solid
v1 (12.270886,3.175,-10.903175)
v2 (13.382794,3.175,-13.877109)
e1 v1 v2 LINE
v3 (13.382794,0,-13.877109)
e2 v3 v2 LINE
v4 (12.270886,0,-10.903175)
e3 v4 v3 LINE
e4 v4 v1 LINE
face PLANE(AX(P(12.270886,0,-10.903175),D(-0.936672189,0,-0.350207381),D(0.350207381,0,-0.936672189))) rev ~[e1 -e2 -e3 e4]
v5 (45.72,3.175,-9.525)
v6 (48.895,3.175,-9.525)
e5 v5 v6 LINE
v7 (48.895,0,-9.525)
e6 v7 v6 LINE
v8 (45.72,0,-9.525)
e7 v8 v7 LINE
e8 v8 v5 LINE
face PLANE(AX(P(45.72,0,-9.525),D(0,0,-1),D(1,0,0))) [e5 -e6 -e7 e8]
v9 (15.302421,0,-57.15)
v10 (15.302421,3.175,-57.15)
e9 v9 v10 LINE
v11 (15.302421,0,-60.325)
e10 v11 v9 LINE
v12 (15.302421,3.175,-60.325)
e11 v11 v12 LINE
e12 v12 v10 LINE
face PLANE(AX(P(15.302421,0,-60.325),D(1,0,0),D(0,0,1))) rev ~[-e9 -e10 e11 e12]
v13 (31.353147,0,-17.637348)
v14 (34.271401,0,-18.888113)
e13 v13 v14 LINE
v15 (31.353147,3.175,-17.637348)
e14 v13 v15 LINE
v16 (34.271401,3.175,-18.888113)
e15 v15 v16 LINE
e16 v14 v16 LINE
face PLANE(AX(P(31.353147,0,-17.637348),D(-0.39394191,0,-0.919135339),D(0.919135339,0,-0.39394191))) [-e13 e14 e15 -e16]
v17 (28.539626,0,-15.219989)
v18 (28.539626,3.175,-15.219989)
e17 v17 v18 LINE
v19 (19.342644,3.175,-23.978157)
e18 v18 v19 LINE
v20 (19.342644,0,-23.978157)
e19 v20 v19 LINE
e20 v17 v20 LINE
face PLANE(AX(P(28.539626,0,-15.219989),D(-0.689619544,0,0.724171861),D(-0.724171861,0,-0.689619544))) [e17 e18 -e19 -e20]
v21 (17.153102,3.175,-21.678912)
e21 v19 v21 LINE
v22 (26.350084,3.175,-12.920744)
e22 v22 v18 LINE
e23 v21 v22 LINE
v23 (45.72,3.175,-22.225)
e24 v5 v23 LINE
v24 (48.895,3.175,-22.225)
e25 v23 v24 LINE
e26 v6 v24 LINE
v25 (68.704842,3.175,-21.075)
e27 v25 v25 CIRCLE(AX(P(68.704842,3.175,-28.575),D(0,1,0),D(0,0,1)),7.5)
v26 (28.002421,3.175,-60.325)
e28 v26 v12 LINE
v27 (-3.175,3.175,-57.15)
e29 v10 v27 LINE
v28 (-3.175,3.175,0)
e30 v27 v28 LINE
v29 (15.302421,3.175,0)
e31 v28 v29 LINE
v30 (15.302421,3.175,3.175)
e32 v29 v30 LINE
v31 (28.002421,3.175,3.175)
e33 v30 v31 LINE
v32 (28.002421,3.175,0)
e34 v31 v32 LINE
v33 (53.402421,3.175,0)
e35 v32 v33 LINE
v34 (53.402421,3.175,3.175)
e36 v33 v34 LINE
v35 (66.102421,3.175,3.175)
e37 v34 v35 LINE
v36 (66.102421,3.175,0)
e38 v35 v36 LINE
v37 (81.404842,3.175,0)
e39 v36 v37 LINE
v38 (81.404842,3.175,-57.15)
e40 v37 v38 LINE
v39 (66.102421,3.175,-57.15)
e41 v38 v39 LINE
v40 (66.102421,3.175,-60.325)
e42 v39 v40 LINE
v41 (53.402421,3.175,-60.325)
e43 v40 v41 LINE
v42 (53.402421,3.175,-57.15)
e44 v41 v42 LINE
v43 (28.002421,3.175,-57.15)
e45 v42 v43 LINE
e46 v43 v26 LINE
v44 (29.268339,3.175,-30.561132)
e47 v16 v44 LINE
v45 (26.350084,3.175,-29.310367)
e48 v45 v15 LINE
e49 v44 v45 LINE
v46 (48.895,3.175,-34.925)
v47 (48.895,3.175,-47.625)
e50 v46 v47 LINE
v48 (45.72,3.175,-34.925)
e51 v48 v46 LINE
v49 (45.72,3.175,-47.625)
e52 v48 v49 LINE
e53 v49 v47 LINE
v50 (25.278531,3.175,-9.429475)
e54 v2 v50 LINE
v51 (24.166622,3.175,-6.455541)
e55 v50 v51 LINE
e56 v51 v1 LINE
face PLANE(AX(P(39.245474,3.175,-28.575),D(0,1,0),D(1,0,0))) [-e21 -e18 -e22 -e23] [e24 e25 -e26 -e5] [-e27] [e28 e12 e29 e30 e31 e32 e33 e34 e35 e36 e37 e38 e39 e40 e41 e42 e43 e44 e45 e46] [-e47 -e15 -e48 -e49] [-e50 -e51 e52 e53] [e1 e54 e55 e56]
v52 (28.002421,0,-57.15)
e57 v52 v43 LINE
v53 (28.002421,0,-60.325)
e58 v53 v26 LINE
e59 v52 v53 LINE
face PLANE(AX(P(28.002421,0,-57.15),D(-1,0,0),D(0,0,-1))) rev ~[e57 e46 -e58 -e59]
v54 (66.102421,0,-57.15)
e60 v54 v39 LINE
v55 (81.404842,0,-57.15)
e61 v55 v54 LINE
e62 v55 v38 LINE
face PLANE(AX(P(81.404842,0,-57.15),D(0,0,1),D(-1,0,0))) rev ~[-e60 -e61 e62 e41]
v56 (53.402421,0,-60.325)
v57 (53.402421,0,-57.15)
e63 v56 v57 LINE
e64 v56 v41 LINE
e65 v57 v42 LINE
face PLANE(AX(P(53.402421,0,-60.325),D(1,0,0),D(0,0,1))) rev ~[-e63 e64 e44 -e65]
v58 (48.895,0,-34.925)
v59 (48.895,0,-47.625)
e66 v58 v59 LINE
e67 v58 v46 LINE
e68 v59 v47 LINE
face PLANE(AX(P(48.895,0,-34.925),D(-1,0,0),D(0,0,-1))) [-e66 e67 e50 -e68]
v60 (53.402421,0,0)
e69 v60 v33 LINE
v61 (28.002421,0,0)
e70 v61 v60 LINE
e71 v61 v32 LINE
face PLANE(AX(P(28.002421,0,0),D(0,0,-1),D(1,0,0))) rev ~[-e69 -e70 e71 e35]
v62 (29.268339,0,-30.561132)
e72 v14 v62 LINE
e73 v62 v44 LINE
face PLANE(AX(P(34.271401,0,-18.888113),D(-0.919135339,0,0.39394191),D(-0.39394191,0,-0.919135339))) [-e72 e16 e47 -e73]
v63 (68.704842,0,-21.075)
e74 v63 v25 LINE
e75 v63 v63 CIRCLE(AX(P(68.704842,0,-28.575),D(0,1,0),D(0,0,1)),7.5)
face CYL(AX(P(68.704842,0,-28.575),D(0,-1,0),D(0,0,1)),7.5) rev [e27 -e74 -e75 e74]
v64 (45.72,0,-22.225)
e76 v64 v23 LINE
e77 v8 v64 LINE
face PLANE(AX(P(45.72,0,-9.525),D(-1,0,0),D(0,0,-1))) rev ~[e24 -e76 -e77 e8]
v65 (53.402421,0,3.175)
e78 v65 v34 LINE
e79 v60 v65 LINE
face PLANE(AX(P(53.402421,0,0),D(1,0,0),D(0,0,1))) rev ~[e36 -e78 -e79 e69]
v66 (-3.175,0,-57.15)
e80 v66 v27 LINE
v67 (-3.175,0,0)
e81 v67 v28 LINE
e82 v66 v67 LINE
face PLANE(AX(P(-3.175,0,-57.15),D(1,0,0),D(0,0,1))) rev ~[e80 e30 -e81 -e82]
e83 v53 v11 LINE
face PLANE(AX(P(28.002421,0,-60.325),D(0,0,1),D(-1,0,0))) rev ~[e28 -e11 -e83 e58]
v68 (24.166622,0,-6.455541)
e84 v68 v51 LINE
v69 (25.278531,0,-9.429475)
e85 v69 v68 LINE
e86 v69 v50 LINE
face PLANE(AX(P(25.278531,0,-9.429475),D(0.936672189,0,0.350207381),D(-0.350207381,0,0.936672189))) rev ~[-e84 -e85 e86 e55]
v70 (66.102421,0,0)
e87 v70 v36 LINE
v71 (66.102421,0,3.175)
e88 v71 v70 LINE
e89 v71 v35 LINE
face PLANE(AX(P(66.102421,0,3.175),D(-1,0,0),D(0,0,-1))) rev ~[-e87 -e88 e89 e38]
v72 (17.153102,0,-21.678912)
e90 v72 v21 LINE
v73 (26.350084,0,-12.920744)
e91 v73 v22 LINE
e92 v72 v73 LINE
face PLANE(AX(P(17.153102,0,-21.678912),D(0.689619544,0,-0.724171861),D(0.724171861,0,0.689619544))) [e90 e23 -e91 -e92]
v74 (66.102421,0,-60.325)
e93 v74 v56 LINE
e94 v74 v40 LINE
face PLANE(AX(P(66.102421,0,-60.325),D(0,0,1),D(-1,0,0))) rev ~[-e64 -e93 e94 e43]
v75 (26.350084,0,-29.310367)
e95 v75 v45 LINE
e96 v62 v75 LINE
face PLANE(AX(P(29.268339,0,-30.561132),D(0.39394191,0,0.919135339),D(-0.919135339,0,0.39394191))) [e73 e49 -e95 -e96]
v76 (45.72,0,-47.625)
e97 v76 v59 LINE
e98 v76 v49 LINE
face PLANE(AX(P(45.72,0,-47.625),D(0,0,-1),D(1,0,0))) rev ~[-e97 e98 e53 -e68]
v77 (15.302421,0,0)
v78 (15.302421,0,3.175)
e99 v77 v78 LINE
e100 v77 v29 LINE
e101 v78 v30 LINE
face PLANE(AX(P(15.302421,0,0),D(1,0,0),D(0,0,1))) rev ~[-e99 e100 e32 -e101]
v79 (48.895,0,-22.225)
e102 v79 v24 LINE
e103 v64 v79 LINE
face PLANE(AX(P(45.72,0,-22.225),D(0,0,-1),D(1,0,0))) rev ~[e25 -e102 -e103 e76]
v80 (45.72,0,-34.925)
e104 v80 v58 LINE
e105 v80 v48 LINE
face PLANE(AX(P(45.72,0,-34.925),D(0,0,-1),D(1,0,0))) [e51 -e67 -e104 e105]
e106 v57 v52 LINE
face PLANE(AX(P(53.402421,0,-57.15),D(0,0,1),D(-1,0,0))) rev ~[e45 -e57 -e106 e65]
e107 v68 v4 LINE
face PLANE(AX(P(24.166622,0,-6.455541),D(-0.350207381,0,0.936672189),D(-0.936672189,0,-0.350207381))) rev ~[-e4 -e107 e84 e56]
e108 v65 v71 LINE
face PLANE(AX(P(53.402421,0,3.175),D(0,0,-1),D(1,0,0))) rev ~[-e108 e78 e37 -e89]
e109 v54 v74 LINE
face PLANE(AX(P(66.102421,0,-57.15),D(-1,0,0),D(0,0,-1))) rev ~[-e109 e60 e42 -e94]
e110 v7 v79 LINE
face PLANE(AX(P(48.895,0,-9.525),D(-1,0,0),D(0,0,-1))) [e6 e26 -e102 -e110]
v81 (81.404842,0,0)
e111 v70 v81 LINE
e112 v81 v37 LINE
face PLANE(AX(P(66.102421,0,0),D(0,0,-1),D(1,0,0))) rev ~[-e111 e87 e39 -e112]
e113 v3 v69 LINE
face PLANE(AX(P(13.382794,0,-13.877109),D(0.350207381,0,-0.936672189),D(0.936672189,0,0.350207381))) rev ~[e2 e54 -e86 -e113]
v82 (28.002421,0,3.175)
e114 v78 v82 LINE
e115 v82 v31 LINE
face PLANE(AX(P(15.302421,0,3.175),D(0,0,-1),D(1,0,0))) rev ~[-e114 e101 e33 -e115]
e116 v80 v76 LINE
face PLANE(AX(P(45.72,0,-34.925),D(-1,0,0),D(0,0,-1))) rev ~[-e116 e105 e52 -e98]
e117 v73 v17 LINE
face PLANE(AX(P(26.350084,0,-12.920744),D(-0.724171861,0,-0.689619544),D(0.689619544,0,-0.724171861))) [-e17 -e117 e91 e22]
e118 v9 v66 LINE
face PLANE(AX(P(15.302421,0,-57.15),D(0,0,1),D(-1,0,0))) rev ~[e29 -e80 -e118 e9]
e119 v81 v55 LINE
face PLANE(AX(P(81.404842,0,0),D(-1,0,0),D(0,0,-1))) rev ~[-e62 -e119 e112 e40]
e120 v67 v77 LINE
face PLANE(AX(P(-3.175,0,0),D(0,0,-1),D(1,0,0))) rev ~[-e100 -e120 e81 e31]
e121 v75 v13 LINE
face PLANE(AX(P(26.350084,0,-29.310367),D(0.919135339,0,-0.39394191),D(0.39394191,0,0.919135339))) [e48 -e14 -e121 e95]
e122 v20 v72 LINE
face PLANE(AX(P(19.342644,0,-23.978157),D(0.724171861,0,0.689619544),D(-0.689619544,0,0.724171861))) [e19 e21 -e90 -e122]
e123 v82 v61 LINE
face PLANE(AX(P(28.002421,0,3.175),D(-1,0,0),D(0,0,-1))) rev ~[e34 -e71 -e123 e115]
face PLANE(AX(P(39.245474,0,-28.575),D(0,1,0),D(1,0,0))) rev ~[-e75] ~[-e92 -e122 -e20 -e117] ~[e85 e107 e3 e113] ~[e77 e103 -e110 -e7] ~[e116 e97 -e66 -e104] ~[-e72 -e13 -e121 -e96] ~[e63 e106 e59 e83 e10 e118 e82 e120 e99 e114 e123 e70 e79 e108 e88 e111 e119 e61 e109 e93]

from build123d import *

# Parameters (mm, degrees)
SKETCH1_R           = 7.5
SKETCH1_W           = 3.175
SKETCH1_H           = 12.7
BOSS_EXTRUDE1_DEPTH = 3.175


with BuildPart() as part:
    # Sketch1 → Boss-Extrude1 (new body)
    with BuildSketch(Plane(origin=(0, 0, 0), x_dir=(1, 0, 0), z_dir=(0, 1, 0))):
        Polygon((0, 0), (15.302420881, 0), (15.302420881, -3.175), (28.002420881, -3.175), (28.002420881, 0), (53.402420881, 0), (53.402420881, -3.175), (66.102420881, -3.175), (66.102420881, 0), (81.404841762, 0), (81.404841762, 19.05), (81.404841762, 38.1), (81.404841762, 57.15), (66.102420881, 57.15), (66.102420881, 60.325), (53.402420881, 60.325), (53.402420881, 57.15), (28.002420881, 57.15), (28.002420881, 60.325), (15.302420881, 60.325), (15.302420881, 57.15), (0, 57.15), (-3.175, 57.15), (-3.175, 0), align=None)
        with Locations(Location((68.704841762, 28.575, 0), (0, 0, 270))):
            Circle(SKETCH1_R, mode=Mode.SUBTRACT)
        with Locations((47.3075, 15.875)):
            Rectangle(SKETCH1_W, SKETCH1_H, mode=Mode.SUBTRACT)
        with Locations((47.3075, 41.275)):
            Rectangle(SKETCH1_W, SKETCH1_H, mode=Mode.SUBTRACT)
        Polygon((26.350084324, 29.310366676), (31.353146576, 17.637347868), (34.271401278, 18.888113431), (29.268339026, 30.561132239), align=None, mode=Mode.SUBTRACT)
        Polygon((17.153101684, 21.678911781), (26.350084324, 12.920743576), (28.539626376, 15.219989236), (19.342643735, 23.978157441), align=None, mode=Mode.SUBTRACT)
        Polygon((12.270885661, 10.90317475), (13.382794097, 13.87710895), (25.2785309, 9.429475209), (24.166622465, 6.455541008), align=None, mode=Mode.SUBTRACT)
    extrude(amount=BOSS_EXTRUDE1_DEPTH)


solid = part.part
